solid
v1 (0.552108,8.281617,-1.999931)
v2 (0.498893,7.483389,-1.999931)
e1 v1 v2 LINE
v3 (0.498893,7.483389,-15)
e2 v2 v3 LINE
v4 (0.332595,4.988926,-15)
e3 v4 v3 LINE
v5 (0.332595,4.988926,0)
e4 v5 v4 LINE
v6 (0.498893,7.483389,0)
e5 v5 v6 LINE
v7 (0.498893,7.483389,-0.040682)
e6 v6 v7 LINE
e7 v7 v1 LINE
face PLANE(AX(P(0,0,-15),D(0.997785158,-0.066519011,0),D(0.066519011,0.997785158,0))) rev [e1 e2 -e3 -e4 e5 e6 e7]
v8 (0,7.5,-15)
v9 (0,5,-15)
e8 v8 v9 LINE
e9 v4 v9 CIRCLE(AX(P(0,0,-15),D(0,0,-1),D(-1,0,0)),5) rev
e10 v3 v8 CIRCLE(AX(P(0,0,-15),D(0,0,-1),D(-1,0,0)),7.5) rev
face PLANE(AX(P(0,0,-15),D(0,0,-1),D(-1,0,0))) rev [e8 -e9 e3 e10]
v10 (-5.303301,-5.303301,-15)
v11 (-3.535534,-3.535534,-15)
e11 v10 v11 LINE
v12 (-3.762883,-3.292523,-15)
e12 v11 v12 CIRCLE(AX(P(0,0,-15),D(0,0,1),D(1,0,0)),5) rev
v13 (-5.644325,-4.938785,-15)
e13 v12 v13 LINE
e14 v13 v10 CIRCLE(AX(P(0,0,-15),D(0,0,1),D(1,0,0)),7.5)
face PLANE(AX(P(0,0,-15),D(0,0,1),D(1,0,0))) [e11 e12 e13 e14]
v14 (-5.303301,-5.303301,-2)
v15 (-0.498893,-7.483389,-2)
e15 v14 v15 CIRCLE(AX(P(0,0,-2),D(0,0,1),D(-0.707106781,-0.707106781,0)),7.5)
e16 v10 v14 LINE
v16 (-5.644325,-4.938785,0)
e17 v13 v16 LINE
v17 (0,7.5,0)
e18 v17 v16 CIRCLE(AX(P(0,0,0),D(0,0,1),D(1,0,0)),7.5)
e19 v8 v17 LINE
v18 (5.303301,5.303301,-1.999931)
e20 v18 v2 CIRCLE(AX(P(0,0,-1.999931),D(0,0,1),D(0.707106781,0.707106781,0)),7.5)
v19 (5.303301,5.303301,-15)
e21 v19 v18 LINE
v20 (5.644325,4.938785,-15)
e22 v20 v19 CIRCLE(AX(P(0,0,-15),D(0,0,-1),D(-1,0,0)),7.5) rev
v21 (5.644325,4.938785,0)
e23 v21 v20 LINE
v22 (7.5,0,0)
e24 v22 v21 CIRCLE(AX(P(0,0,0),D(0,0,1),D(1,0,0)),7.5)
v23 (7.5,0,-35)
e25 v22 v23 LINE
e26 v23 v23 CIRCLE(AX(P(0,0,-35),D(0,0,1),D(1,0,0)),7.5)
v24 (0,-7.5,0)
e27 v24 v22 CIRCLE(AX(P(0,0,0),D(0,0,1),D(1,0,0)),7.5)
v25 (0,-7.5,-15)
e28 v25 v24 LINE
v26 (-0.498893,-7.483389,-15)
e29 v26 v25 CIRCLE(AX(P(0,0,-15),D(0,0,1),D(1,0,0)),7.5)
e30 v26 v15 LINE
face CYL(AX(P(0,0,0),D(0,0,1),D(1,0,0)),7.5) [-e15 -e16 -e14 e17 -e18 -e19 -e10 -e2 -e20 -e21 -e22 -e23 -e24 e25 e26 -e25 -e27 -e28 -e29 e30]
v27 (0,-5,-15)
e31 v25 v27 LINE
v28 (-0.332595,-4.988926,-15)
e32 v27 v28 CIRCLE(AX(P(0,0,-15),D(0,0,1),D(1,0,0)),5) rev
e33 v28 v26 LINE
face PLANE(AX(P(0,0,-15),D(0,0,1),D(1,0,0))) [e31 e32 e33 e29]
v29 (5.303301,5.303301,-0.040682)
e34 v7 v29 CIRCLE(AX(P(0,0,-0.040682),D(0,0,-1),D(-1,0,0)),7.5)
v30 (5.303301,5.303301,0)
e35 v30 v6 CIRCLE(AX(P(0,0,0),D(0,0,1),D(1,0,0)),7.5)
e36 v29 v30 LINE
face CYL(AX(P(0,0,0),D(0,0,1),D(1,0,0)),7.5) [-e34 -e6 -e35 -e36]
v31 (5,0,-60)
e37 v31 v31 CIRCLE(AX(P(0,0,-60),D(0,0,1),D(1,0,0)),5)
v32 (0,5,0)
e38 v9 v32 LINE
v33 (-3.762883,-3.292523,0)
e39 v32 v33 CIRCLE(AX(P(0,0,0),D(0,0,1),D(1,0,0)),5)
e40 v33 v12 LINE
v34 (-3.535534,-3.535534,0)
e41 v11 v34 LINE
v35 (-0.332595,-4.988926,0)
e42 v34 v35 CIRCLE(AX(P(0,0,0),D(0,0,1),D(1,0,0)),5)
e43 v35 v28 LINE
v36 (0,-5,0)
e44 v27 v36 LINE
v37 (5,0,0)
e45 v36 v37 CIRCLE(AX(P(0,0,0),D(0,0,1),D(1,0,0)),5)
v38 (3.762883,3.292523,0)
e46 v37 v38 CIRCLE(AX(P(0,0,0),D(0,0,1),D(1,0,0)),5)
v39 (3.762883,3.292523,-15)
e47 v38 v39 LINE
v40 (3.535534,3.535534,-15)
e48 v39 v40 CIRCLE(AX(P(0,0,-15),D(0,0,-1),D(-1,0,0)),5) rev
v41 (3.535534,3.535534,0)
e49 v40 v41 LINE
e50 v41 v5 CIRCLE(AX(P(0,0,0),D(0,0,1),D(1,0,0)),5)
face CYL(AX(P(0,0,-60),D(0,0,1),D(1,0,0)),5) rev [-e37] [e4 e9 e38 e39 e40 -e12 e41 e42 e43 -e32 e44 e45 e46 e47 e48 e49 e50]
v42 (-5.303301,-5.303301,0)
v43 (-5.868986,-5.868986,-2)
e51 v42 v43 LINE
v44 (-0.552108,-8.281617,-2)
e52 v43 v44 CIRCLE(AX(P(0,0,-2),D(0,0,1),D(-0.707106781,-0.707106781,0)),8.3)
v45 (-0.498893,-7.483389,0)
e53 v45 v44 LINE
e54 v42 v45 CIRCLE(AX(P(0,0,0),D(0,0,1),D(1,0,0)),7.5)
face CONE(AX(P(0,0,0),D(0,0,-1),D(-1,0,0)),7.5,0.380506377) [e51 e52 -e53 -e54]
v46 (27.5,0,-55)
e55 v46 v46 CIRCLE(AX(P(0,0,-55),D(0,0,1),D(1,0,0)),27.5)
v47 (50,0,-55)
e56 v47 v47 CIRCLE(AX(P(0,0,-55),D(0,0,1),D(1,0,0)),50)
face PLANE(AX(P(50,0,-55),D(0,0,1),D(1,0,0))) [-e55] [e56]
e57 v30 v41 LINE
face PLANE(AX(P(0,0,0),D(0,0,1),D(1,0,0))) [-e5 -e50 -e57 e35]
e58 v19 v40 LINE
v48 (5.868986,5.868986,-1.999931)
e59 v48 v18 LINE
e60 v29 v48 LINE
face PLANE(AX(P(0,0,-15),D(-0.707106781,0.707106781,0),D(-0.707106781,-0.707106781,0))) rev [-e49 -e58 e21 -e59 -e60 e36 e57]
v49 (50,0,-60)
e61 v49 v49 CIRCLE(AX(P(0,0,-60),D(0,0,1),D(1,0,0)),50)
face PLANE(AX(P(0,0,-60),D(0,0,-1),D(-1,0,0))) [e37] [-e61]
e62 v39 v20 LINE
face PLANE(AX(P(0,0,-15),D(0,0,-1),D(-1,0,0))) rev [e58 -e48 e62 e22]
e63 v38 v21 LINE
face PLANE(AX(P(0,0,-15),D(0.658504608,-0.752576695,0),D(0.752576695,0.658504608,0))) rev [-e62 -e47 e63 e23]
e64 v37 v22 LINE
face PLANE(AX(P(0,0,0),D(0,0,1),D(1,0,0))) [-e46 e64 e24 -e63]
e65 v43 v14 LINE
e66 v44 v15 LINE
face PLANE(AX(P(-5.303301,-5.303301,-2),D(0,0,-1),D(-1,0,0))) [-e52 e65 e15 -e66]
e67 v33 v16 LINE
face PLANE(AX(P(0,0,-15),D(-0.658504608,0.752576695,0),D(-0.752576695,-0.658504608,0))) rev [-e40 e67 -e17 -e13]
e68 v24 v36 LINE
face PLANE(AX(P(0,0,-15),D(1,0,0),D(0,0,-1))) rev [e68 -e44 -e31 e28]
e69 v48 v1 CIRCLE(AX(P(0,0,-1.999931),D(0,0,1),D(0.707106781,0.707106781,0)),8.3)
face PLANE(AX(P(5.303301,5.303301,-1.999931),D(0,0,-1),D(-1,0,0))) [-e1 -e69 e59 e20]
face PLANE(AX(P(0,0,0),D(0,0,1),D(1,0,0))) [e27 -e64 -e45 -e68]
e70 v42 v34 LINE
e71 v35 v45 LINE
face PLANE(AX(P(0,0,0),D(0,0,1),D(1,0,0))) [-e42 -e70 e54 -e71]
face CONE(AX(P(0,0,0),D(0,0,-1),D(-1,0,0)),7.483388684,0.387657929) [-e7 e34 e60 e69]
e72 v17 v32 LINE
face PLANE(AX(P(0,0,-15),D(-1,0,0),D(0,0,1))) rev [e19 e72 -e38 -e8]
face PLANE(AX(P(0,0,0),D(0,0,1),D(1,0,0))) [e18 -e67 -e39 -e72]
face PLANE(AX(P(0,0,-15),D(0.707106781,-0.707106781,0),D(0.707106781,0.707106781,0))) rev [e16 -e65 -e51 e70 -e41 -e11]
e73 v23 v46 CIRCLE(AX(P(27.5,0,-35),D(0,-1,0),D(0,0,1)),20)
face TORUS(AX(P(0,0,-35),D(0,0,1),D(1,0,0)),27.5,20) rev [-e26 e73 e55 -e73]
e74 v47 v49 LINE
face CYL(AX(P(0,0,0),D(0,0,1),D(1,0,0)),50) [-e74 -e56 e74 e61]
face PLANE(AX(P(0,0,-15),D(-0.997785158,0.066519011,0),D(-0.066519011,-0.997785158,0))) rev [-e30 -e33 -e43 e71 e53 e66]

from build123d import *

# Parameters (mm, degrees)
SKETCH_3_R          = 5
CUT_EXTRUDE_1_DEPTH = 93.736184955
CUT_EXTRUDE_2_DEPTH = 15
CUT_EXTRUDE_3_DEPTH = 15
CUT_EXTRUDE_START   = -15
CUT_EXTRUDE_4_DEPTH = 15
CUT_EXTRUDE_5_DEPTH = 15


with BuildPart() as part:
    # 扫描1: sweep along a path in 草图2
    with BuildLine(Plane.XY) as sweep_1_path:
        CenterArc((0, 0), 50, 0, 360)
    # 草图1 → 扫描1 (sweep)
    with BuildSketch(Plane(origin=(0, 0, 0), x_dir=(1, 0, 0), z_dir=(0, 1, 0))):
        with BuildLine():
            Line((0, 0), (7.5, 0))
            Line((7.5, 0), (7.5, 35))
            ThreePointArc((7.5, 35), (13.357864376, 49.142135624), (27.5, 55))
            Line((27.5, 55), (50, 55))
            Line((50, 55), (50, 60))
            Line((50, 60), (0, 60))
            Line((0, 60), (0, 0))
        make_face()
    sweep(path=sweep_1_path.line)

    # 草图3 → 切除-拉伸1 (cut, through all)
    with BuildSketch(Plane.XY):
        Circle(SKETCH_3_R)
    extrude(amount=-CUT_EXTRUDE_1_DEPTH, mode=Mode.SUBTRACT)

    # 草图5 → 切除-拉伸2 (cut)
    with BuildSketch(Plane.XY):
        Polygon((0, 7.5), (0.5, 7.5), (0, 0), align=None)
    extrude(amount=-CUT_EXTRUDE_2_DEPTH, mode=Mode.SUBTRACT)

    # 草图6 → 切除-拉伸3 (cut)
    with BuildSketch(Plane.XY):
        Polygon((0, 0), (5.303300859, 5.303300859), (5.656854249, 4.949747468), align=None)
    extrude(amount=-CUT_EXTRUDE_3_DEPTH, mode=Mode.SUBTRACT)

    # 草图8 → 切除-拉伸4 (cut)
    with BuildSketch(Plane.XY.offset(CUT_EXTRUDE_START)):
        with BuildLine():
            Line((0, 0), (0, -7.5))
            ThreePointArc((0, -7.5), (-0.249584525, -7.495846021), (-0.498892579, -7.483388684))
            Line((-0.498892579, -7.483388684), (0, 0))
        make_face()
    extrude(amount=CUT_EXTRUDE_4_DEPTH, mode=Mode.SUBTRACT)

    # 草图9 → 切除-拉伸5 (cut)
    with BuildSketch(Plane.XY.offset(CUT_EXTRUDE_START)):
        with BuildLine():
            Line((0, 0), (-5.303300859, -5.303300859))
            ThreePointArc((-5.303300859, -5.303300859), (-5.476846462, -5.123880642), (-5.64432521, -4.938784559))
            Line((-5.64432521, -4.938784559), (0, 0))
        make_face()
    extrude(amount=CUT_EXTRUDE_5_DEPTH, mode=Mode.SUBTRACT)

    # 扫描2: sweep along a curve in space
    with BuildLine() as sweep_2_path:
        ThreePointArc((5.303300859, 5.303300859, 0), (3.099122118, 6.829746854, 0), (0.498892579, 7.483388684, 0))
    # 草图10 → 扫描2 (sweep)
    with BuildSketch(Plane(origin=(0, 0, 0), x_dir=(0, 0, 1), z_dir=(-0.997785157856609, 0.06651901052377394, 0))):
        Polygon((0, 7.483388684), (-1.999931015, 7.5), (-1.999931015, 8.3), align=None)
    sweep(path=sweep_2_path.line)

    # 扫描3: sweep along a curve in space
    with BuildLine() as sweep_3_path:
        ThreePointArc((-5.303300859, -5.303300859, 0), (-3.099122118, -6.829746854, 0), (-0.498892579, -7.483388684, 0))
    # 草图11 → 扫描3 (sweep)
    with BuildSketch(Plane(origin=(0, 0, 0), x_dir=(0, 0, -1), z_dir=(0.997785157856609, -0.06651901052377394, 0))):
        Polygon((0, -7.5), (2, -7.5), (2, -8.3), align=None)
    sweep(path=sweep_3_path.line)


solid = part.part
